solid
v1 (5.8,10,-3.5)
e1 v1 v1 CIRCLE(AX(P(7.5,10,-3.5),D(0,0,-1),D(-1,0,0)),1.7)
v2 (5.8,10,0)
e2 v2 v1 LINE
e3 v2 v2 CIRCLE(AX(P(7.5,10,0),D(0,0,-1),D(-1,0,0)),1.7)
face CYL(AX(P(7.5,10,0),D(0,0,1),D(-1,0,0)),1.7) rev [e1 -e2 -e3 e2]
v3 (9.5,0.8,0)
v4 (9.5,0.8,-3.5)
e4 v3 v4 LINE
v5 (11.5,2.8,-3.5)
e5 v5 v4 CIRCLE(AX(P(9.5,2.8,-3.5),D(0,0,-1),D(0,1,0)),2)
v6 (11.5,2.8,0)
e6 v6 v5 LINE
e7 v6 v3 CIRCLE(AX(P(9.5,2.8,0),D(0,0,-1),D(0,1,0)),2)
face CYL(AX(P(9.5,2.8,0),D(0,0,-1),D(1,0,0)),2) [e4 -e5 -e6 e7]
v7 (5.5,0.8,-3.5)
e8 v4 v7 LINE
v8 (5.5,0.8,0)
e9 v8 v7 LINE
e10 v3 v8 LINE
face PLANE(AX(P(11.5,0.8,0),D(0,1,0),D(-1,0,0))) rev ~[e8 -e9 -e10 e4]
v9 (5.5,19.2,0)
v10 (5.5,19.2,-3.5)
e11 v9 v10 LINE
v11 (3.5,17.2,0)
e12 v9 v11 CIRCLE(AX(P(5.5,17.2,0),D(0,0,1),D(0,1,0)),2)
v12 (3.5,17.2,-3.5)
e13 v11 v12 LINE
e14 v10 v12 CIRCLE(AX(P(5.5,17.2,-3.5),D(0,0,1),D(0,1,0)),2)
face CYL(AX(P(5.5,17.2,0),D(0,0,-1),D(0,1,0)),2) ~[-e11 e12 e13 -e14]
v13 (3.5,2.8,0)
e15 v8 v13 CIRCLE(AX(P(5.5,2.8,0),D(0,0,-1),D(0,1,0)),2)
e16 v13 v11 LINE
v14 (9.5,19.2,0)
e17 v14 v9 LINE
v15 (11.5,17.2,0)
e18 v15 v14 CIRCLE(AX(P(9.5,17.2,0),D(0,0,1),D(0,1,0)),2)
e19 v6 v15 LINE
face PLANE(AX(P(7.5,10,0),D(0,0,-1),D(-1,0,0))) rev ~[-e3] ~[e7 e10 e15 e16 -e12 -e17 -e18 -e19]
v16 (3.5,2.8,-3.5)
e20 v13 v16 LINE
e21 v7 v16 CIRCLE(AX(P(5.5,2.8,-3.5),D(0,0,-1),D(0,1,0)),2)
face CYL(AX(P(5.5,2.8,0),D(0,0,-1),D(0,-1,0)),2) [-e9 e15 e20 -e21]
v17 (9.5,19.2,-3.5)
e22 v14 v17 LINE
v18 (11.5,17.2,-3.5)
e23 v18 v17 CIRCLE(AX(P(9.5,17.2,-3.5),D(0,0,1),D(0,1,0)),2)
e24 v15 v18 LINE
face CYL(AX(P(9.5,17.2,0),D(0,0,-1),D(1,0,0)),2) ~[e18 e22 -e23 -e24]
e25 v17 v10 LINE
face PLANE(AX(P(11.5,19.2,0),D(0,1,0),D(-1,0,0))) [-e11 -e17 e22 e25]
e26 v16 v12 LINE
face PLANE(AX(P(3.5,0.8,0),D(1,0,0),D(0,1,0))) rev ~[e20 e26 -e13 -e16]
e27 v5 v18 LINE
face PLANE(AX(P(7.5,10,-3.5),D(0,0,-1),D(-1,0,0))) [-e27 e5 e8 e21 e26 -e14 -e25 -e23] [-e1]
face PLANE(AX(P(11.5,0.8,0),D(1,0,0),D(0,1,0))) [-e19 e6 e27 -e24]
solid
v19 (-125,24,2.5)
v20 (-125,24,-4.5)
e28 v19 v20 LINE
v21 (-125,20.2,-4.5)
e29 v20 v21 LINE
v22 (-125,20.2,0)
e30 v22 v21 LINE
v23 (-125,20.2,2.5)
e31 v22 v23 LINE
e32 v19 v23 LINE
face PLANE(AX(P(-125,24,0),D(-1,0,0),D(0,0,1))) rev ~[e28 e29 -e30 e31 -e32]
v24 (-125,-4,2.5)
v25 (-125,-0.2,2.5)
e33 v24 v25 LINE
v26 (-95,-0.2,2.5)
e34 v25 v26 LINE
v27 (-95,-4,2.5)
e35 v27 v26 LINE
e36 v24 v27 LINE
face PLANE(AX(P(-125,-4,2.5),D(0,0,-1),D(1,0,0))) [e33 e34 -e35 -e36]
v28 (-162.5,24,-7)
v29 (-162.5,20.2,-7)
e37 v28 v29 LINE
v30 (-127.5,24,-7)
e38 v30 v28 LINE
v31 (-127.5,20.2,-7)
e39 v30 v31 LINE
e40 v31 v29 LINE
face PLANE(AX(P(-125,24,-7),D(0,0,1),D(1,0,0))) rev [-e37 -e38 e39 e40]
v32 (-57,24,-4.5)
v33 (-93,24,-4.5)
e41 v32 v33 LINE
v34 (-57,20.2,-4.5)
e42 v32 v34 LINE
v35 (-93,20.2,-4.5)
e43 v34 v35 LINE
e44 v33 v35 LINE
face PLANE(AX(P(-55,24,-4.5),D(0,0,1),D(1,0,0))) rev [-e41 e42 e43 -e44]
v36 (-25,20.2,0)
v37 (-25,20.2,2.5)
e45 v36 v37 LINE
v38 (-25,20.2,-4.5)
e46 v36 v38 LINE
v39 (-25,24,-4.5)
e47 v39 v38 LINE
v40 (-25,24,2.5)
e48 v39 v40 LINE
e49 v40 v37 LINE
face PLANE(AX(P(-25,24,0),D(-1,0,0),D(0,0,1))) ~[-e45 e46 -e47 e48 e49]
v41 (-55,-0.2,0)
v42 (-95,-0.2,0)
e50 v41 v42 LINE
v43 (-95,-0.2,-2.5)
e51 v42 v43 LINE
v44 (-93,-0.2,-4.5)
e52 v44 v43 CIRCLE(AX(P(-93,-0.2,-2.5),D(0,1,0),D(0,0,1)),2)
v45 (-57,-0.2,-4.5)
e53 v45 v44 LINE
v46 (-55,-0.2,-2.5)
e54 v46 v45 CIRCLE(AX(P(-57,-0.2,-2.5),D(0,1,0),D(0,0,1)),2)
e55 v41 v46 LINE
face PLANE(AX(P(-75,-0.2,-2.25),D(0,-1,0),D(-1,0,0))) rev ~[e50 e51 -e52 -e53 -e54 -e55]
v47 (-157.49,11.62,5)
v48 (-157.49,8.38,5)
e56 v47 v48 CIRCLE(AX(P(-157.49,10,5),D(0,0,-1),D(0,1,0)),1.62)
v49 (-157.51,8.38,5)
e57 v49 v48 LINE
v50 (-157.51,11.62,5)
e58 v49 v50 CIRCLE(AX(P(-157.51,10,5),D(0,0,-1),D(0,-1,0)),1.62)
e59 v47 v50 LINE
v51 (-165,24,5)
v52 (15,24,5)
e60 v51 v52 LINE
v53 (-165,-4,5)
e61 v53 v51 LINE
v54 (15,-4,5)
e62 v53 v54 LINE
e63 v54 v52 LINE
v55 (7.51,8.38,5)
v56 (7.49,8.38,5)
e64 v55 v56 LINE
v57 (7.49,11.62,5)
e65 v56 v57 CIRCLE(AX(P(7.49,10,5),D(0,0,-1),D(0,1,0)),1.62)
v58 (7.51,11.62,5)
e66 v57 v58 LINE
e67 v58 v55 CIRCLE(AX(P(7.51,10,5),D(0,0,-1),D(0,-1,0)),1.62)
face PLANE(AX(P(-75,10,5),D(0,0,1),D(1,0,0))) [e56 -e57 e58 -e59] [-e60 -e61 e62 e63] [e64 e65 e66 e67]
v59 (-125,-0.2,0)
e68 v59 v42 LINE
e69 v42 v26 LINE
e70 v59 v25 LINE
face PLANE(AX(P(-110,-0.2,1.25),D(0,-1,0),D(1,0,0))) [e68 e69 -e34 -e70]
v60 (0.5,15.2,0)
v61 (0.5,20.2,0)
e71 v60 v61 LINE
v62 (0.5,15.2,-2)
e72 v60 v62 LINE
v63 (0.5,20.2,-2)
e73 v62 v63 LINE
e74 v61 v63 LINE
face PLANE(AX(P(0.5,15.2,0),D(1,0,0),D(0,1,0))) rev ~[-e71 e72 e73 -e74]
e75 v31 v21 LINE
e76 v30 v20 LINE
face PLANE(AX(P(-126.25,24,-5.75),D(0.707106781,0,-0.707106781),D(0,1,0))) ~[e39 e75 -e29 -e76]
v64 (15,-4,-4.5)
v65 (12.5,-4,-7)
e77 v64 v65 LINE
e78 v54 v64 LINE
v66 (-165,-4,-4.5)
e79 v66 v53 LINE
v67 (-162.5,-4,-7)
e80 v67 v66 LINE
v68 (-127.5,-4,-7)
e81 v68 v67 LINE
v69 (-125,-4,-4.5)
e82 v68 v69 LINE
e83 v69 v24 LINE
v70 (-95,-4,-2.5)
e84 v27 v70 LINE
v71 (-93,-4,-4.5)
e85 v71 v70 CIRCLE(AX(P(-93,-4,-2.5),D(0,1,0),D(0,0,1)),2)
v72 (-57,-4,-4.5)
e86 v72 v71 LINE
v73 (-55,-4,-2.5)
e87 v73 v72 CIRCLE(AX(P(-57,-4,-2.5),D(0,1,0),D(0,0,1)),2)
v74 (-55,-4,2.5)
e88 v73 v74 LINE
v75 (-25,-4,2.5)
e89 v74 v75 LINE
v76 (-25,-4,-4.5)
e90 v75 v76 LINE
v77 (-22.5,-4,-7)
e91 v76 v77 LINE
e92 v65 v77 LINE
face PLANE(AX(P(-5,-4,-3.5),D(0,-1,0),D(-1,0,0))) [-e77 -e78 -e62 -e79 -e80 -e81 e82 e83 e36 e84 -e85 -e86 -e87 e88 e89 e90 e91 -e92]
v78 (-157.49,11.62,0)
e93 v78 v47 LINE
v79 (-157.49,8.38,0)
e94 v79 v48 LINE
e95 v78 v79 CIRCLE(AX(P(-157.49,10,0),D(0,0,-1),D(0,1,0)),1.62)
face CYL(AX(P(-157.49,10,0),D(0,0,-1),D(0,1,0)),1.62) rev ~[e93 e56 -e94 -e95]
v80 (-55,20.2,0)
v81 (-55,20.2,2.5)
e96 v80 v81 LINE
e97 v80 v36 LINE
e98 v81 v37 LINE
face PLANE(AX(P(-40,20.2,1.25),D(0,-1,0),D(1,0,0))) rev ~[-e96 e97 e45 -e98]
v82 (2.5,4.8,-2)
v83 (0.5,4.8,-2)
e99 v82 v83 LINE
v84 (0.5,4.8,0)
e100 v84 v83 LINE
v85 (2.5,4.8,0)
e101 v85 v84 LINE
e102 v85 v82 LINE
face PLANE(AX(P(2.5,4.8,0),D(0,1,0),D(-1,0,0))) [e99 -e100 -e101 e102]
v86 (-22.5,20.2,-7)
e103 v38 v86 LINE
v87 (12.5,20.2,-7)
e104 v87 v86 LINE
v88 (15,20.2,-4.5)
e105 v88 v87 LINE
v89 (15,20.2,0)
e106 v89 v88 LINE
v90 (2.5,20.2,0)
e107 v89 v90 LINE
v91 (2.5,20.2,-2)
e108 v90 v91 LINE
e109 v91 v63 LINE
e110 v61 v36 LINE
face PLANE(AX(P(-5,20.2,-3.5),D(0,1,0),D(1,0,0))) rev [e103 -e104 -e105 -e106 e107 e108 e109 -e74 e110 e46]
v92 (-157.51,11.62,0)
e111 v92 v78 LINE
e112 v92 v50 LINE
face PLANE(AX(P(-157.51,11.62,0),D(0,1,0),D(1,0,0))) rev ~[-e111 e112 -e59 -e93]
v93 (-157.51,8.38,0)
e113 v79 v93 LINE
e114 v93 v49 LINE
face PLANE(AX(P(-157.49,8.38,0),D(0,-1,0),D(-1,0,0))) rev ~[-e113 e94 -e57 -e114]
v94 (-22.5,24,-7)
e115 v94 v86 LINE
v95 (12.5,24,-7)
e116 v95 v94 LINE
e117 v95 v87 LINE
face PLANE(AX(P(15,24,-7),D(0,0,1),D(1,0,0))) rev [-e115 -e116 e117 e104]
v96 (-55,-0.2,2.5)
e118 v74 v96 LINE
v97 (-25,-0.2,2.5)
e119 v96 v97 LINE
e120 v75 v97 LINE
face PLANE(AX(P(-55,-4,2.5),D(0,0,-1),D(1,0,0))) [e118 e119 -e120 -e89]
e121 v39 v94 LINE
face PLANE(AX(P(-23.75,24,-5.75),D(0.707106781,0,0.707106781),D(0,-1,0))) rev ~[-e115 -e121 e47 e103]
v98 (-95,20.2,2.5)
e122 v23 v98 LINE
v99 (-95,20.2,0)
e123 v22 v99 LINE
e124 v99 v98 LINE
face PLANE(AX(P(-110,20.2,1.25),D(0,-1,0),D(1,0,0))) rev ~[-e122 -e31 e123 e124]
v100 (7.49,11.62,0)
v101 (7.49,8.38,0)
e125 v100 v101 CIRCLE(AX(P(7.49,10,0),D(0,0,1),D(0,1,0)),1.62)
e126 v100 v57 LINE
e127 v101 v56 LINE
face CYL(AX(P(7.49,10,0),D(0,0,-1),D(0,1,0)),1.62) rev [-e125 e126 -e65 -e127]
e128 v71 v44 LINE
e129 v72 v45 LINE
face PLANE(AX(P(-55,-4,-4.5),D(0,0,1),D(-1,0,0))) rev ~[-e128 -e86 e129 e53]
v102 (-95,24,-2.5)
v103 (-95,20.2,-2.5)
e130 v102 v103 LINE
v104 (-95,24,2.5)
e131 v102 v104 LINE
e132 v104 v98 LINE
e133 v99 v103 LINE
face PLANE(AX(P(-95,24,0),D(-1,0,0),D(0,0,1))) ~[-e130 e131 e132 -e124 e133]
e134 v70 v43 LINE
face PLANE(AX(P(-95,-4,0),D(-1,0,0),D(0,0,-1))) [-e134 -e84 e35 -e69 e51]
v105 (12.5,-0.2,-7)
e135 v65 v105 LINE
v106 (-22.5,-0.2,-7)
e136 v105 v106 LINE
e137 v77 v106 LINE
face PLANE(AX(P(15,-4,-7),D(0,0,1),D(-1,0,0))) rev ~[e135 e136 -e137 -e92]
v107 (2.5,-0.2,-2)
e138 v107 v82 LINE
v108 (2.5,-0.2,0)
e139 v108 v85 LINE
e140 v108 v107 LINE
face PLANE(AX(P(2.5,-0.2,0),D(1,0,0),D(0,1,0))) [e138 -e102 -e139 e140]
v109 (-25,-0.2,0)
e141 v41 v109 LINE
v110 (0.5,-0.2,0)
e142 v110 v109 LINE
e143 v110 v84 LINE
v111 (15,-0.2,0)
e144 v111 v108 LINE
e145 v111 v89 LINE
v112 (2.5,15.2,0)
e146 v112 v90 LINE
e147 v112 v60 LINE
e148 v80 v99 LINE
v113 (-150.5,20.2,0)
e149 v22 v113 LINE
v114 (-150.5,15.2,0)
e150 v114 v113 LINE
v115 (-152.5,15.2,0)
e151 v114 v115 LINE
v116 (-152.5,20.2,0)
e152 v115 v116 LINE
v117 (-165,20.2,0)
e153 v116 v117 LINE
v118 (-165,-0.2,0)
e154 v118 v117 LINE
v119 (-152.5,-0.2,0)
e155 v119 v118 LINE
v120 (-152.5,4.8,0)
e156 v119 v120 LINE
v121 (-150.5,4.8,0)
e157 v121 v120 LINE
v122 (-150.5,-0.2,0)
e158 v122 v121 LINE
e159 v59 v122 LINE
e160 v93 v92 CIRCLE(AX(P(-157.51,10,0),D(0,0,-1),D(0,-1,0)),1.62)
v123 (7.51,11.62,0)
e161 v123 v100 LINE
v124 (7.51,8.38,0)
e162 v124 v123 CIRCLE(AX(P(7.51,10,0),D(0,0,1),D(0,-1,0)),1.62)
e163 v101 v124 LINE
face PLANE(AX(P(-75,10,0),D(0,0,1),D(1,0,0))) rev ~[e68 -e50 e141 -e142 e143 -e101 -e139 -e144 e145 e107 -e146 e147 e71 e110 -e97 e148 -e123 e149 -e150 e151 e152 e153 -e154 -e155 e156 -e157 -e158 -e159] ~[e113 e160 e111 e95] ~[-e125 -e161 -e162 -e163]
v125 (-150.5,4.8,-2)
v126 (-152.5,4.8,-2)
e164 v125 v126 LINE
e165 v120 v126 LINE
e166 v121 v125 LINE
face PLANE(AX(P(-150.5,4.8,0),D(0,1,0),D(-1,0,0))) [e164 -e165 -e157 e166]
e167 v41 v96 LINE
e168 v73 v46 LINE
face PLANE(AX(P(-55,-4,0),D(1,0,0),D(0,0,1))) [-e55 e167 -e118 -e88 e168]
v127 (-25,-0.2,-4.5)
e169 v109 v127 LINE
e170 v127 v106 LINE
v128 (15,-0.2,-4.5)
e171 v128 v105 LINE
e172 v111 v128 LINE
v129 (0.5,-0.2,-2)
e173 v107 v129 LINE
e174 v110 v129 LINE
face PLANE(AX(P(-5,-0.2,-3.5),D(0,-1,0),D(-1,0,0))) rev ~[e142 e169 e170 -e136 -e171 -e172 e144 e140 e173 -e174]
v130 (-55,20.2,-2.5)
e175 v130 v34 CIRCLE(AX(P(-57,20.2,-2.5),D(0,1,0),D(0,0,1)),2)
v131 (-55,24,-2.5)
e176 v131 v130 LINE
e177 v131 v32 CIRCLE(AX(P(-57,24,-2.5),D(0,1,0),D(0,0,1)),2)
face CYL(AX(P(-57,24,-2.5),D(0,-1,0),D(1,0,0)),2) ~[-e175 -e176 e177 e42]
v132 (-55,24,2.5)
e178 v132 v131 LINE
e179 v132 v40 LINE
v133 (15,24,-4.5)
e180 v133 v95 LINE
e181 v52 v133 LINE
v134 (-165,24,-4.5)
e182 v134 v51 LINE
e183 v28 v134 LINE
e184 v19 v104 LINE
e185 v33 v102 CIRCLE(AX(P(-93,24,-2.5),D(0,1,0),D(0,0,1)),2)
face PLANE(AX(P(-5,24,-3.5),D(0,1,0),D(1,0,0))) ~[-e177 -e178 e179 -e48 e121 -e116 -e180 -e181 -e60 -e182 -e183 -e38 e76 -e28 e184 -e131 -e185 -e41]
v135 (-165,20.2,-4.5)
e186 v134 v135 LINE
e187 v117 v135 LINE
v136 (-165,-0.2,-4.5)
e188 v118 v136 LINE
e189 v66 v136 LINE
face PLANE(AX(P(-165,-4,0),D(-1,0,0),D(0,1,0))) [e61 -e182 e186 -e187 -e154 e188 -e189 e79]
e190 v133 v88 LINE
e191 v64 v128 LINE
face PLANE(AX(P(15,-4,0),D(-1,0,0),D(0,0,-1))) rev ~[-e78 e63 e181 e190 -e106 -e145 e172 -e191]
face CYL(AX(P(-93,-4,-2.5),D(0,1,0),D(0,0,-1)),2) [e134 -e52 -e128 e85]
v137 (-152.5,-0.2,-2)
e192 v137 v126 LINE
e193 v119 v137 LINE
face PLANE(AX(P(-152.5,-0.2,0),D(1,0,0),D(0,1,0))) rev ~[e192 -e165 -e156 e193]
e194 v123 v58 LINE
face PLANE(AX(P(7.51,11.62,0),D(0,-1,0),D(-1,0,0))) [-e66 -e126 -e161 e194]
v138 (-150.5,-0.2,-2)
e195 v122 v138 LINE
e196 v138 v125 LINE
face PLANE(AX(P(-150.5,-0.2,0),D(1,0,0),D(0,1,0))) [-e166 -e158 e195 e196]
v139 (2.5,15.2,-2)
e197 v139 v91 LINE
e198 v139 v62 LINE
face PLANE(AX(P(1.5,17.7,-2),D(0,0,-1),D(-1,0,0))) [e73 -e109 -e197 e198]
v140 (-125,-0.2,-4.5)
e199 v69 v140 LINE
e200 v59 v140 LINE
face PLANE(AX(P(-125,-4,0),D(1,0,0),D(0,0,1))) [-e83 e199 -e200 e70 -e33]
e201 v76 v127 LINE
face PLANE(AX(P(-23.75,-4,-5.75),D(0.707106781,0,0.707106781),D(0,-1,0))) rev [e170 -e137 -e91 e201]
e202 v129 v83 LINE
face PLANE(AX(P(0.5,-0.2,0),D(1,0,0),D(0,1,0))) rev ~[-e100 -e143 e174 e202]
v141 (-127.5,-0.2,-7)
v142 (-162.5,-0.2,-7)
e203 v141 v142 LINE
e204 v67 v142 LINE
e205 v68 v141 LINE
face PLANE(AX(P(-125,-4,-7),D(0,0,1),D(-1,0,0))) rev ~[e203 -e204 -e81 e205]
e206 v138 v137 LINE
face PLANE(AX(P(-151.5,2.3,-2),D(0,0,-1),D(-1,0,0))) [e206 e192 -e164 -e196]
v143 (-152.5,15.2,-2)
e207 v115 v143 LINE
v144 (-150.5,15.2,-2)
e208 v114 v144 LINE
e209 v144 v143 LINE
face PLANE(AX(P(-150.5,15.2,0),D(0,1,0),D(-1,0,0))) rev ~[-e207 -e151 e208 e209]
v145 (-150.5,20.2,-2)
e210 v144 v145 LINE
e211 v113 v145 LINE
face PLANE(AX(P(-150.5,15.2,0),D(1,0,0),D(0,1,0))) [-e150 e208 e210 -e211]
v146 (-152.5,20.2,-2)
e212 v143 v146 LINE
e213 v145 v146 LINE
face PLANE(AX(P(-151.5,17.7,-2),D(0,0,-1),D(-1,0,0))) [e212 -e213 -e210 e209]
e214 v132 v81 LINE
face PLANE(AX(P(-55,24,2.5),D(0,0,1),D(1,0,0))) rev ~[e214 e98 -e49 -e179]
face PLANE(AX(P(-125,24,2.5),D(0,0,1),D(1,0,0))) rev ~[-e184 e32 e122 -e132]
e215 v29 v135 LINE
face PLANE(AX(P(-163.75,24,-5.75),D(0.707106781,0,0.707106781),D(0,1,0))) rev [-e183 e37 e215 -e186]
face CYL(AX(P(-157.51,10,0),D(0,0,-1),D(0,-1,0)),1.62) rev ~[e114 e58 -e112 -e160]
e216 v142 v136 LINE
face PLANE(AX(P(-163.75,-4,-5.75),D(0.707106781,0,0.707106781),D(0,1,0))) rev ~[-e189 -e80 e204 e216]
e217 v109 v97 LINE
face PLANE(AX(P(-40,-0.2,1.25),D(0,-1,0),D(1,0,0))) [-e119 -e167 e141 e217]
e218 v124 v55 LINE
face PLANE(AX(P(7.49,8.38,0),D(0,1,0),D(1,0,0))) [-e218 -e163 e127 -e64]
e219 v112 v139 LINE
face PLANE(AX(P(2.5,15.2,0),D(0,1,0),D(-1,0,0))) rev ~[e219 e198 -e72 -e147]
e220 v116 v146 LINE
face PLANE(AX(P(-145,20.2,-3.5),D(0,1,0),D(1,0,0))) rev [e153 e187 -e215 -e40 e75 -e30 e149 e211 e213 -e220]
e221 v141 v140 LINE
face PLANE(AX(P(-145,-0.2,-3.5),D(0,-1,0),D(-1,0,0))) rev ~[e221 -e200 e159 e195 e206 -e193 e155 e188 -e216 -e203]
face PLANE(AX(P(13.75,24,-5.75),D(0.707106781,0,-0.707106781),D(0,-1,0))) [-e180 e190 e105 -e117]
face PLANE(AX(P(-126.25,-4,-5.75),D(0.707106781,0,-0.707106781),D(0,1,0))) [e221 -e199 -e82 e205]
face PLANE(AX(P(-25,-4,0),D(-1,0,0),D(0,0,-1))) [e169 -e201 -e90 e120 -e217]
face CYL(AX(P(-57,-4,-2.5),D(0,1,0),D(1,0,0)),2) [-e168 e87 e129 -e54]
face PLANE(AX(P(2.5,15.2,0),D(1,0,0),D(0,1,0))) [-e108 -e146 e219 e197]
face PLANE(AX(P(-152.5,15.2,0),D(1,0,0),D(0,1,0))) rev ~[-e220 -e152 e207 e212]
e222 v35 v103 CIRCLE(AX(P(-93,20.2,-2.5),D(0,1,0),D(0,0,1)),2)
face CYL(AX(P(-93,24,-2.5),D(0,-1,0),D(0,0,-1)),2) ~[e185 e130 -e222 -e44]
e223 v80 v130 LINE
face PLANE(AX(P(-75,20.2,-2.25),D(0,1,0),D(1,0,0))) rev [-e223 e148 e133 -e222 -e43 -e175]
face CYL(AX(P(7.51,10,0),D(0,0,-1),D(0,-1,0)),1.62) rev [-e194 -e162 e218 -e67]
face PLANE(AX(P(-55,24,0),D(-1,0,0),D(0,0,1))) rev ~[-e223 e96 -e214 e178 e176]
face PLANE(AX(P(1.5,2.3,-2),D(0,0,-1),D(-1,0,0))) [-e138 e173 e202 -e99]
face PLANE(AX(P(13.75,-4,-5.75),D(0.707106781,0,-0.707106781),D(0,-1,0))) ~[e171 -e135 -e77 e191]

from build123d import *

# Parameters (mm, degrees)
SKETCH1_W           = 180
SKETCH1_H           = 28
BOSS_EXTRUDE1_DEPTH = 5
SKETCH2_W           = 40
SKETCH2_H           = 7
SKETCH2_H_2         = 4.5
BOSS_EXTRUDE2_DEPTH = 3.8
CHAMFER1_SIZE       = 2.5
FILLET1_R           = 2
SKETCH3_W           = 2
SKETCH3_H           = 5
BOSS_EXTRUDE3_DEPTH = 2
CUT_EXTRUDE1_DEPTH  = 167.883192683
SKETCH5_W           = 30
SKETCH5_H           = 2.5
CUT_EXTRUDE2_DEPTH  = 3.8
CUT_EXTRUDE3_START  = -28
SKETCH5_2_W         = 30
SKETCH5_2_H         = 2.5
CUT_EXTRUDE3_DEPTH  = 3.8
SKETCH7_W           = 8
SKETCH7_H           = 18.4
SKETCH7_R           = 1.7
BOSS_EXTRUDE4_DEPTH = 3.5
FILLET2_R           = 2


with BuildPart() as part:
    # Sketch1 → Boss-Extrude1 (new body)
    with BuildSketch(Plane.XY):
        with Locations((-75, 10)):
            Rectangle(SKETCH1_W, SKETCH1_H)
    extrude(amount=BOSS_EXTRUDE1_DEPTH)

    # Sketch2 → Boss-Extrude2 (add)
    with BuildSketch(Plane(origin=(0, -4, 0), x_dir=(-1, 0, 0), z_dir=(0, -1, 0))):
        with Locations((5, 3.5)):
            Rectangle(SKETCH2_W, SKETCH2_H)
        with Locations((75, 2.25)):
            Rectangle(SKETCH2_W, SKETCH2_H_2)
        with Locations((145, 3.5)):
            Rectangle(SKETCH2_W, SKETCH2_H)
    extrude(amount=-BOSS_EXTRUDE2_DEPTH)

    # Chamfer1
    chamfer1_edges = [part.edges().sort_by_distance(p)[0] for p in [
        (-25, -2.1, -7),
        (15, -2.1, -7),
        (-125, -2.1, -7),
        (-165, -2.1, -7),
    ]]
    chamfer(chamfer1_edges, length=CHAMFER1_SIZE)

    # Fillet1
    fillet1_edges = [part.edges().sort_by_distance(p)[0] for p in [
        (-95, -2.1, -4.5),
        (-55, -2.1, -4.5),
    ]]
    fillet(fillet1_edges, radius=FILLET1_R)

    # Mirror1: part across plane


with BuildPart() as part_1:
    add(part.part)
    add(part.part.mirror(Plane.ZX.offset(10)))

    # Sketch3 → Boss-Extrude3 (add)
    with BuildSketch(Plane(origin=(0, 0, 0), x_dir=(-1, 0, 0), z_dir=(0, 0, -1))):
        with Locations((-1.5, 17.7)):
            Rectangle(SKETCH3_W, SKETCH3_H)
        with Locations((-1.5, 2.3)):
            Rectangle(SKETCH3_W, SKETCH3_H)
        with Locations((151.5, 17.7)):
            Rectangle(SKETCH3_W, SKETCH3_H)
        with Locations((151.5, 2.3)):
            Rectangle(SKETCH3_W, SKETCH3_H)
    extrude(amount=BOSS_EXTRUDE3_DEPTH)

    # Sketch4 → Cut-Extrude1 (cut, through all)
    with BuildSketch(Plane(origin=(0, 0, 0), x_dir=(-1, 0, 0), z_dir=(0, 0, -1))):
        with BuildLine():
            Line((-7.51, 11.62), (-7.49, 11.62))
            ThreePointArc((-7.49, 11.62), (-5.87, 10), (-7.49, 8.38))
            Line((-7.49, 8.38), (-7.51, 8.38))
            ThreePointArc((-7.51, 8.38), (-9.13, 10), (-7.51, 11.62))
        make_face()
        with BuildLine():
            Line((157.51, 11.62), (157.49, 11.62))
            ThreePointArc((157.49, 11.62), (155.87, 10), (157.49, 8.38))
            Line((157.49, 8.38), (157.51, 8.38))
            ThreePointArc((157.51, 8.38), (159.13, 10), (157.51, 11.62))
        make_face()
    extrude(amount=-CUT_EXTRUDE1_DEPTH, mode=Mode.SUBTRACT)

    # Sketch5 → Cut-Extrude2 (cut)
    with BuildSketch(Plane.XZ.offset(4)):
        with Locations((-40, 1.25)):
            Rectangle(SKETCH5_W, SKETCH5_H)
        with Locations((-110, 1.25)):
            Rectangle(SKETCH5_W, SKETCH5_H)
    extrude(amount=-CUT_EXTRUDE2_DEPTH, mode=Mode.SUBTRACT)

    # Sketch5<2> → Cut-Extrude3 (cut)
    with BuildSketch(Plane.XZ.offset(4).offset(CUT_EXTRUDE3_START)):
        with Locations((-40, 1.25)):
            Rectangle(SKETCH5_2_W, SKETCH5_2_H)
        with Locations((-110, 1.25)):
            Rectangle(SKETCH5_2_W, SKETCH5_2_H)
    extrude(amount=CUT_EXTRUDE3_DEPTH, mode=Mode.SUBTRACT)


with BuildPart() as body_2:
    # Sketch7 → Boss-Extrude4 (new body)
    with BuildSketch(Plane(origin=(0, 0, 0), x_dir=(-1, 0, 0), z_dir=(0, 0, -1))):
        with Locations((-7.5, 10)):
            Rectangle(SKETCH7_W, SKETCH7_H)
        with Locations((-7.5, 10)):
            Circle(SKETCH7_R, mode=Mode.SUBTRACT)
    extrude(amount=BOSS_EXTRUDE4_DEPTH)

    # Fillet2
    fillet2_edges = [body_2.edges().sort_by_distance(p)[0] for p in [
        (3.5, 0.8, -1.75),
        (11.5, 0.8, -1.75),
        (11.5, 19.2, -1.75),
        (3.5, 19.2, -1.75),
    ]]
    fillet(fillet2_edges, radius=FILLET2_R)


solid = Compound([part_1.part, body_2.part])
